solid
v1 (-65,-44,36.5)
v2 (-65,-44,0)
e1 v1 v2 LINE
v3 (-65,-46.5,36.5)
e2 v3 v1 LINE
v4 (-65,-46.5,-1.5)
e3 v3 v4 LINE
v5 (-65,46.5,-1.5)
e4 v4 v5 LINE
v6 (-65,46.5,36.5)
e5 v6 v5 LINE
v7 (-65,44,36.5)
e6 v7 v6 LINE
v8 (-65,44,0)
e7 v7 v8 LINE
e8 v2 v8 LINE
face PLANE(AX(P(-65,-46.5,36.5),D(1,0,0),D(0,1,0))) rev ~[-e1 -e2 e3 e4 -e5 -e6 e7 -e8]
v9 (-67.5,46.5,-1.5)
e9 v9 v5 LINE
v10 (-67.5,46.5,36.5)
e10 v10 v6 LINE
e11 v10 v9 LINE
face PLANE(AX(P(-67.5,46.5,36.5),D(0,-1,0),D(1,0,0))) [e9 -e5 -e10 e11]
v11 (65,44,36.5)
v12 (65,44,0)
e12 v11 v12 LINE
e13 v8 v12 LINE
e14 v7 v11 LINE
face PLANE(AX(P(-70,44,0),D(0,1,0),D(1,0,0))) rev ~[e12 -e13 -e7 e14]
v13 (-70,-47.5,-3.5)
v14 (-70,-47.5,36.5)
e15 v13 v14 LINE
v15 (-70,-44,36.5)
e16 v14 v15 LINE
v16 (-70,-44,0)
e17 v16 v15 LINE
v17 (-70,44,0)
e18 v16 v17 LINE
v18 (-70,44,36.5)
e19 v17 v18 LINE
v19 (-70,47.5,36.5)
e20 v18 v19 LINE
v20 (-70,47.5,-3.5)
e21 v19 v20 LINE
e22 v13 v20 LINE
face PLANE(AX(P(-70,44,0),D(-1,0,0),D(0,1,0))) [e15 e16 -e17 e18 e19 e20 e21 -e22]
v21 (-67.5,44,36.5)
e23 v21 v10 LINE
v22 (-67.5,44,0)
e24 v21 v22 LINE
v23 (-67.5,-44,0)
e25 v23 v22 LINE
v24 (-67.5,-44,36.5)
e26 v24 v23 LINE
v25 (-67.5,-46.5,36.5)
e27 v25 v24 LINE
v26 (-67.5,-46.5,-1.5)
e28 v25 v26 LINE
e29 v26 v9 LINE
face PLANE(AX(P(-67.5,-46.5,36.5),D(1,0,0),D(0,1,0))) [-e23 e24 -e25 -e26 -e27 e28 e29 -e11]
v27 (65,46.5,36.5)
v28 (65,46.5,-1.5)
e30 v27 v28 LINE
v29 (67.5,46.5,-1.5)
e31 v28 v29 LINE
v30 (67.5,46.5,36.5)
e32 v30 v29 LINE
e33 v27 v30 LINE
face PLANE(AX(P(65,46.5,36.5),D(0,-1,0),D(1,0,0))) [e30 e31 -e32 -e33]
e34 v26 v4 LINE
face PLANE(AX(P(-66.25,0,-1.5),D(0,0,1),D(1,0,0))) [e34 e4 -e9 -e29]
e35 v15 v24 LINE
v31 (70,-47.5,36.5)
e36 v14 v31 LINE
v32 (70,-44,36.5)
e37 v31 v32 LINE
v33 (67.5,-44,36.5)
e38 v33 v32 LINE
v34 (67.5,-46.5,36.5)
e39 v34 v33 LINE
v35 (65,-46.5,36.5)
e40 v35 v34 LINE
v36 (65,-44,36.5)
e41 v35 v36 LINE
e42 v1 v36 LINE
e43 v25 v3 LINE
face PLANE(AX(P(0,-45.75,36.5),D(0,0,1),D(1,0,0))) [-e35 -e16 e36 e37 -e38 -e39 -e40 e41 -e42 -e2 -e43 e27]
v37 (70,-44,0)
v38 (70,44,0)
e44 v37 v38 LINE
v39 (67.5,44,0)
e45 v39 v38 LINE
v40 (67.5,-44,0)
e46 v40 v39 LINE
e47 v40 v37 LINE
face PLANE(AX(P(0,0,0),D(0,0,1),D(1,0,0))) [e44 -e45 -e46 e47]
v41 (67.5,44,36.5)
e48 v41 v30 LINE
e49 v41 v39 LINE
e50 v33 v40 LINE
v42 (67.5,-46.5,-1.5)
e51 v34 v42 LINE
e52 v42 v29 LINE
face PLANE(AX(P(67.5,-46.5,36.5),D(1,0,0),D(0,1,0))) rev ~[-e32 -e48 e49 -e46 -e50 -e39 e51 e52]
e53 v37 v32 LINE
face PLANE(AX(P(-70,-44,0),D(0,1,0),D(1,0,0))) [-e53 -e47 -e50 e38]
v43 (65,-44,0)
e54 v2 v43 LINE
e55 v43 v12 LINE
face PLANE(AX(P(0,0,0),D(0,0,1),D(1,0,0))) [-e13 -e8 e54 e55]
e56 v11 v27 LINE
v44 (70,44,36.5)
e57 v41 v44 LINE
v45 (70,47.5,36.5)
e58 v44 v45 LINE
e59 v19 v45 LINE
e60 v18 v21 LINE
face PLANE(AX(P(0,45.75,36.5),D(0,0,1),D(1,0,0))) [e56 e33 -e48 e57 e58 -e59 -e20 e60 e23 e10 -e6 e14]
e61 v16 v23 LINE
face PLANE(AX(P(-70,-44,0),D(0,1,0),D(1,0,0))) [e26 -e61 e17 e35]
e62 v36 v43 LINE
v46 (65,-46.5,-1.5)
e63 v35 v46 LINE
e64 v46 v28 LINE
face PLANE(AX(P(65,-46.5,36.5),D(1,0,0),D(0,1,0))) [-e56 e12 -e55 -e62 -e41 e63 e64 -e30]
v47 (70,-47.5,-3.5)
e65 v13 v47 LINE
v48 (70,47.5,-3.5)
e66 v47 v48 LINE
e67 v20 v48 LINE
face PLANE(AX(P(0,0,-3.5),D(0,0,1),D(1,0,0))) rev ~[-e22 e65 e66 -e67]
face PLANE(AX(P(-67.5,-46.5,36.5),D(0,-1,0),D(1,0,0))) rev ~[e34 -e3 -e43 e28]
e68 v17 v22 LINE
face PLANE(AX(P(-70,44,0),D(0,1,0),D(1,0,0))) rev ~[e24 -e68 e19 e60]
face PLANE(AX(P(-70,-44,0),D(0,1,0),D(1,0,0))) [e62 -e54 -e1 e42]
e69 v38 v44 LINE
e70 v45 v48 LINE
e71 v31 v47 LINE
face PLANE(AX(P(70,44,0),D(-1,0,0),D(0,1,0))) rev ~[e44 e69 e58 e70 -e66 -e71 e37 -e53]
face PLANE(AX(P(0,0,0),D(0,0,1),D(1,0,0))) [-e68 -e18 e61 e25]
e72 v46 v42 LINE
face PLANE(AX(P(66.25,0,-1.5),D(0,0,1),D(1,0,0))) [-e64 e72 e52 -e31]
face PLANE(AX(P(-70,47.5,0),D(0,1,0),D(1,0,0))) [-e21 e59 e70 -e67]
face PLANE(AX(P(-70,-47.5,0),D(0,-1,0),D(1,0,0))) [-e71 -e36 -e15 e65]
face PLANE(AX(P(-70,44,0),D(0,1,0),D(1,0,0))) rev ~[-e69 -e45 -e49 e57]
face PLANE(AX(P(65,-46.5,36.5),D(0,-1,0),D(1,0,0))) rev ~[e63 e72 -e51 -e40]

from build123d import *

# Parameters (mm, degrees)
SKETCH001_W     = 140
SKETCH001_H     = 95
PAD002_DEPTH    = 3.5
SKETCH006_W     = 140
SKETCH006_H     = 3.5
PAD003_DEPTH    = 36.5
SKETCH007_W     = 2.5
SKETCH007_H     = 93
POCKET001_DEPTH = 38


with BuildPart() as part:
    # Sketch001 → Pad002 (new body)
    with BuildSketch(Plane.XY):
        Rectangle(SKETCH001_W, SKETCH001_H)
    extrude(amount=-PAD002_DEPTH)

    # Sketch006 → Pad003 (join)
    with BuildSketch(Plane.XY):
        with Locations((0, 45.75)):
            Rectangle(SKETCH006_W, SKETCH006_H)
        with Locations((0, -45.75)):
            Rectangle(SKETCH006_W, SKETCH006_H)
    extrude(amount=PAD003_DEPTH)

    # Sketch007 (on Face16 of Pad003) → Pocket001 (cut)
    with BuildSketch(Plane.XY.offset(36.5)):
        with Locations((-66.25, 0)):
            Rectangle(SKETCH007_W, SKETCH007_H)
        with Locations((66.25, 0)):
            Rectangle(SKETCH007_W, SKETCH007_H)
    extrude(amount=-POCKET001_DEPTH, mode=Mode.SUBTRACT)


solid = part.part
